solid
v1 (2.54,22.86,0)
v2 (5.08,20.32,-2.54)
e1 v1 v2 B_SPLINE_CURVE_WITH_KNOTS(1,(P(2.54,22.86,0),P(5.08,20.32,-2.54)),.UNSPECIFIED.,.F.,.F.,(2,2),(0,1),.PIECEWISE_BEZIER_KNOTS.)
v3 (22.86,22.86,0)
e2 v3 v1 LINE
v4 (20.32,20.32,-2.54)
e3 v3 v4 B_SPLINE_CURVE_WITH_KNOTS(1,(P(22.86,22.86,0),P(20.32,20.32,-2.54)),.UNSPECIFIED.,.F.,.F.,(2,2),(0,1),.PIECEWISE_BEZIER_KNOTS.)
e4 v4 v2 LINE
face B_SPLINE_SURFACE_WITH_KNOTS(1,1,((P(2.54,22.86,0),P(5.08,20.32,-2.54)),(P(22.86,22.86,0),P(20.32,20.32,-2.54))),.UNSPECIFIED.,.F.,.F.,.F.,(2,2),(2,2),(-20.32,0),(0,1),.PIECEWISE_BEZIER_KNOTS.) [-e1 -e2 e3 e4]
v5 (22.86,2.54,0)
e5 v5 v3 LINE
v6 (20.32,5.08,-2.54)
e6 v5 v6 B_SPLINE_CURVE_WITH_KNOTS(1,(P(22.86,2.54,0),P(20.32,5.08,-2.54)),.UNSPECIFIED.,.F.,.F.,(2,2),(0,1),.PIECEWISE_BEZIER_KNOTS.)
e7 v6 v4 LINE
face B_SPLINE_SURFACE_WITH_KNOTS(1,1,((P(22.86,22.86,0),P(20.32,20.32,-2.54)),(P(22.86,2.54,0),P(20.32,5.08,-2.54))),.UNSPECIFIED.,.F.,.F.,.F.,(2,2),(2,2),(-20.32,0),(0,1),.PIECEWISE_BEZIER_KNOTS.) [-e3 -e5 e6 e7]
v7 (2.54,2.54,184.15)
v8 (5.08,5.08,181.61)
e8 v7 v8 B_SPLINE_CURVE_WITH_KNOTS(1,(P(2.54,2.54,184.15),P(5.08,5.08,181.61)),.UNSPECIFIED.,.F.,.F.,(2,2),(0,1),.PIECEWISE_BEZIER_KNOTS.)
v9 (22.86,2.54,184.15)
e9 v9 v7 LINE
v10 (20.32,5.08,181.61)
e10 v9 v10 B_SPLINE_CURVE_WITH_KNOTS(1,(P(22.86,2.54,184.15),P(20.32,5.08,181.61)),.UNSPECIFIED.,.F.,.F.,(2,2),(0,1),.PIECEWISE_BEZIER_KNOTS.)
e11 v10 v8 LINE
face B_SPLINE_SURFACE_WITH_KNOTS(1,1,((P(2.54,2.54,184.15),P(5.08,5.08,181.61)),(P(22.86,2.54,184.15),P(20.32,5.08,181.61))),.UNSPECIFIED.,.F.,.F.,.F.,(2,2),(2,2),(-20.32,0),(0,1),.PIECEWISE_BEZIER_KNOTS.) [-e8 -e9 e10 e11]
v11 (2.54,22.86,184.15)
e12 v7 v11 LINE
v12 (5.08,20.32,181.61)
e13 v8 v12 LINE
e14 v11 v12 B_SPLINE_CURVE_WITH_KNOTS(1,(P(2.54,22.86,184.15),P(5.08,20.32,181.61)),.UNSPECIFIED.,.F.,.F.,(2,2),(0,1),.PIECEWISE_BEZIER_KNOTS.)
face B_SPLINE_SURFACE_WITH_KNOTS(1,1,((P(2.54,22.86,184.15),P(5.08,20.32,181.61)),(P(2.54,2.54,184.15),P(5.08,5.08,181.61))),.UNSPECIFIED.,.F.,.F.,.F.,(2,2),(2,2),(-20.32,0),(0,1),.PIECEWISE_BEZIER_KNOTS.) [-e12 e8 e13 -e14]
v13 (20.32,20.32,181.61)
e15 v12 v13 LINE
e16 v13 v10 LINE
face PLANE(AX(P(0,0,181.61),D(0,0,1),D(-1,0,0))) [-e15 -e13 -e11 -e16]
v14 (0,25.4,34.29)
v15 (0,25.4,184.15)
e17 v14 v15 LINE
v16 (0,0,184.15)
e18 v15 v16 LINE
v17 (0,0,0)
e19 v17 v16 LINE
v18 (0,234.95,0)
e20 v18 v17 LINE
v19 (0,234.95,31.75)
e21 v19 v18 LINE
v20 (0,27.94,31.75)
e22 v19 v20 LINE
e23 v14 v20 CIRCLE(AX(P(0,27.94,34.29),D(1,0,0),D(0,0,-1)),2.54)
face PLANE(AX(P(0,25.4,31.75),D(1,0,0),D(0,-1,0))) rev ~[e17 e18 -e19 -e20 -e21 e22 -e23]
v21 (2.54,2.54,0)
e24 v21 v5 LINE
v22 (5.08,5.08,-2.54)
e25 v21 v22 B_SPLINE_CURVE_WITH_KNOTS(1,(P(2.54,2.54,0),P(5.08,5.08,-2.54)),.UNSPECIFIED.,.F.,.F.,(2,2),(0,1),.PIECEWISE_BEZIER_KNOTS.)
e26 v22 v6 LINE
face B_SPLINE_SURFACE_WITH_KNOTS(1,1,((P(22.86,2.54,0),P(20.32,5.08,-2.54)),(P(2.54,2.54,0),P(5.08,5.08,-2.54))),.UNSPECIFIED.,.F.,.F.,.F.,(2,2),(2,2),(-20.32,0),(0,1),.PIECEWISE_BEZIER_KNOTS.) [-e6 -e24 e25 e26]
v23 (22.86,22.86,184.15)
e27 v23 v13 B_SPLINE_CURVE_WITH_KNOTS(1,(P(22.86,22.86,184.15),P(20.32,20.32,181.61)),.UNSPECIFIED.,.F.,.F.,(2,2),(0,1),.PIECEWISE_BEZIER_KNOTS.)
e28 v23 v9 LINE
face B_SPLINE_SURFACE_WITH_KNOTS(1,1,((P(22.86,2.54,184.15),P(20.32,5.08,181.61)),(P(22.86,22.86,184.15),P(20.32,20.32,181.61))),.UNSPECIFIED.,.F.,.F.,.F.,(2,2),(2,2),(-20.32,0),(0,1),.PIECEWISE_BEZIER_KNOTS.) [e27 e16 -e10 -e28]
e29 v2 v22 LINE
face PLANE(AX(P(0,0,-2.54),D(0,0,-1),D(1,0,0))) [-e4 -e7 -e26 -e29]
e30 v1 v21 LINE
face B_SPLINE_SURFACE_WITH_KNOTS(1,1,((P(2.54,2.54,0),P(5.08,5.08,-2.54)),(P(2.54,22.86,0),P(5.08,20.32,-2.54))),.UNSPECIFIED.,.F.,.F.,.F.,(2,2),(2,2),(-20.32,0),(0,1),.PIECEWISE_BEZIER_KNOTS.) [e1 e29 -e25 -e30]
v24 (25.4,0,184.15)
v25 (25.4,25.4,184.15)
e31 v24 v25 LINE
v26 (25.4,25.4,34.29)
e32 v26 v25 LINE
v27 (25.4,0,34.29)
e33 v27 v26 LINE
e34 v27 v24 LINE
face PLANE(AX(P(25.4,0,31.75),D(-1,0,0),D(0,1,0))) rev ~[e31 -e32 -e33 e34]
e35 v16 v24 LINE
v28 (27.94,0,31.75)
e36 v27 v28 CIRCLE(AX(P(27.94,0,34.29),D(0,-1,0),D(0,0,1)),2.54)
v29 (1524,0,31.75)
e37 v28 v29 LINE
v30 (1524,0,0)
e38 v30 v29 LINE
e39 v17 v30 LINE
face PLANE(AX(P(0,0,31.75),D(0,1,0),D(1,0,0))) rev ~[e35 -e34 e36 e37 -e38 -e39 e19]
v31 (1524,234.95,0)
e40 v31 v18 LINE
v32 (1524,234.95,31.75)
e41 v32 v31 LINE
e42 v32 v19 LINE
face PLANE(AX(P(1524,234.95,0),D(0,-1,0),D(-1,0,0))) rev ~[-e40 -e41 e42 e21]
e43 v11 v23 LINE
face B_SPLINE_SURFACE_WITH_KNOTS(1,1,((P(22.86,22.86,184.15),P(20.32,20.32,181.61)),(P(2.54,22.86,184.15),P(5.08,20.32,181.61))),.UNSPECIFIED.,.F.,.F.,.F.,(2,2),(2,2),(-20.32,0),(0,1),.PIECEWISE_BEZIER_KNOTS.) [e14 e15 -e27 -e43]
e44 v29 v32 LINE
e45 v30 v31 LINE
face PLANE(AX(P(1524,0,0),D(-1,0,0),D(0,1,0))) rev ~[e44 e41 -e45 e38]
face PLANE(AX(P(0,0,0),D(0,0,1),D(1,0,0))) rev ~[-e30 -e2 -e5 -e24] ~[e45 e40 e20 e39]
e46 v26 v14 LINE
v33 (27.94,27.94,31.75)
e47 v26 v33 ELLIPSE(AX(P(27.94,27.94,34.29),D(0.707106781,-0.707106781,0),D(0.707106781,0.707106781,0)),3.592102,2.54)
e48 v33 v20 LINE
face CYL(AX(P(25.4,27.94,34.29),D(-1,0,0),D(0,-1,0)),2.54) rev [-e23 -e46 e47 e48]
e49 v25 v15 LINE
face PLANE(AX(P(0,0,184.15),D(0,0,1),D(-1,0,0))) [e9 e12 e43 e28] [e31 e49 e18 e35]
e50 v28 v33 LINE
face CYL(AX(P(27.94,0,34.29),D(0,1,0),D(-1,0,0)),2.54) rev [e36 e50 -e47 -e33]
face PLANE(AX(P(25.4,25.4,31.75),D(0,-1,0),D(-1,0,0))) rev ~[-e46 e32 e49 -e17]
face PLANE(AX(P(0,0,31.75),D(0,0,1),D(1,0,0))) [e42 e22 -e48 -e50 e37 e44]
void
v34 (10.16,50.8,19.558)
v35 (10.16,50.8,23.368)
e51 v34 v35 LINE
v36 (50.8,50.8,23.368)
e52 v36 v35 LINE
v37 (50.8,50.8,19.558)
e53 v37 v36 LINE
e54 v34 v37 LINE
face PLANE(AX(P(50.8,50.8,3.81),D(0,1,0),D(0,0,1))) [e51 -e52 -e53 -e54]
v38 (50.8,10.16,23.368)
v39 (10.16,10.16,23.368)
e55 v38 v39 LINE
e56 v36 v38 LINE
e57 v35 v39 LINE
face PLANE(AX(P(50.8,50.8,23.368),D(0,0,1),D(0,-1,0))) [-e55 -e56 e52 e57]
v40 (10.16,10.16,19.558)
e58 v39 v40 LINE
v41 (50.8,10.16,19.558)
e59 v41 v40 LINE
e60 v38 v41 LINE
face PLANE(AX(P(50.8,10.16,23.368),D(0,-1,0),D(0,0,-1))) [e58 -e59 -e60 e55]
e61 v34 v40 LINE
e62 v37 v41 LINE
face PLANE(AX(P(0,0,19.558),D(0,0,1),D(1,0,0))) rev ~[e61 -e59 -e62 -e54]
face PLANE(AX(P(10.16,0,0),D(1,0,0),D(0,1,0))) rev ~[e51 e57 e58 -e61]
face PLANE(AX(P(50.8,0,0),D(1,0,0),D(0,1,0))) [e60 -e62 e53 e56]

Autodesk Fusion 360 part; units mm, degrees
sketch "Sketch1" plane through (0, 0, 0) normal (0, 0, 1) x (1, 0, 0)
  line L0 (0, 0) -> (50.8, 0)
  line L1 (50.8, 0) -> (50.8, 50.8)
  line L2 (50.8, 50.8) -> (0, 50.8)
  line L3 (0, 50.8) -> (0, 0)
  dimension "d1" = 50.8
  dimension "d2" = 50.8
extrude "Extrude1" add sketch "Sketch1" along normal blind 31.75
sketch "Sketch2" plane through (50.8, 0, 0) normal (1, 0, 0) x (0, 1, 0)
  line L0 (0, 0) -> (50.8, 0)
  line L1 (50.8, 0) -> (50.8, 31.75)
  line L2 (50.8, 31.75) -> (0, 31.75)
  line L3 (0, 31.75) -> (0, 0)
  line L4 (50.8, 23.368) -> (10.16, 23.368)
  line L5 (10.16, 23.368) -> (10.16, 3.81)
  line L6 (10.16, 3.81) -> (50.8, 3.81)
  line L7 (50.8, 3.81) -> (50.8, 23.368)
  dimension "d5" = 40.64
  dimension "d6" = 19.558
  dimension "d14" = 3.81
extrude "Extrude2" cut sketch "Sketch2" against normal blind 40.64 contours L1 L4 L5 L6 L7
sketch "Sketch3" plane through (0, 0, 31.75) normal (0, 0, 1) x (-1, 0, 0)
  line L0 (0, -50.8) -> (0, 0)
  line L1 (0, 0) -> (-50.8, 0)
  line L2 (-50.8, 0) -> (-50.8, -50.8)
  line L3 (-50.8, -50.8) -> (0, -50.8)
  line L4 (0, 0) -> (-25.4, 0)
  line L5 (-25.4, 0) -> (-25.4, -25.4)
  line L6 (-25.4, -25.4) -> (0, -25.4)
  line L7 (0, -25.4) -> (0, 0)
  dimension "d10" = 25.4
  dimension "d11" = 25.4
extrude "Extrude3" add sketch "Sketch3" along normal blind 152.4 contours L0 L1 L4 L5 L6 L7
fillet "Fillet1" radius 2.54 2 edges at (25.4, 12.7, 31.75) (12.7, 25.4, 31.75)
sketch "Sketch4" plane through (0, 0, 0) normal (0, 0, -1) x (1, 0, 0)
  line L0 (0, 0) -> (0, -50.8)
  line L1 (0, -50.8) -> (50.8, -50.8)
  line L2 (50.8, -50.8) -> (50.8, 0)
  line L3 (50.8, 0) -> (0, 0)
  line L4 (2.54, -2.54) -> (22.86, -2.54)
  line L5 (22.86, -2.54) -> (22.86, -22.86)
  line L6 (22.86, -22.86) -> (2.54, -22.86)
  line L7 (2.54, -22.86) -> (2.54, -2.54)
  dimension "d17" = 2.54
  dimension "d18" = 2.54
  dimension "d19" = 20.32
  dimension "d20" = 20.32
sketch "Sketch5" plane through (0, 0, 0) normal (0, 0, -1) x (1, 0, 0)
  line L0 (5.08, -5.08) -> (20.32, -5.08)
  line L1 (20.32, -5.08) -> (20.32, -20.32)
  line L2 (20.32, -20.32) -> (5.08, -20.32)
  line L3 (5.08, -20.32) -> (5.08, -5.08)
  line L4 (2.54, -2.54) -> (22.86, -2.54)
  line L5 (2.54, -22.86) -> (2.54, -2.54)
  dimension "d21" = 2.54
  dimension "d22" = 2.54
  dimension "d23" = 15.24
  dimension "d24" = 15.24
extrude "Extrude4" add sketch "Sketch5" along normal blind 2.54
loft "Loft1" add profiles "Sketch4" section 1 contours L4 L5 L6 L7 section 2 face at (10.16, 15.24, -2.54)
sketch "Sketch6" plane through (0, 0, 184.15) normal (0, 0, 1) x (-1, 0, 0)
  line L0 (0, -25.4) -> (0, 0)
  line L1 (0, 0) -> (-25.4, 0)
  line L2 (-25.4, 0) -> (-25.4, -25.4)
  line L3 (-25.4, -25.4) -> (0, -25.4)
  line L4 (-2.54, -22.86) -> (-22.86, -22.86)
  line L5 (-22.86, -22.86) -> (-22.86, -2.54)
  line L6 (-22.86, -2.54) -> (-2.54, -2.54)
  line L7 (-2.54, -2.54) -> (-2.54, -22.86)
  line L8 (-5.08, -20.32) -> (-20.32, -20.32)
  line L9 (-20.32, -20.32) -> (-20.32, -5.08)
  line L10 (-20.32, -5.08) -> (-5.08, -5.08)
  line L11 (-5.08, -5.08) -> (-5.08, -20.32)
  dimension "d27" = 2.54
  dimension "d28" = 2.54
  dimension "d29" = 2.54
  dimension "d30" = 20.32
  dimension "d31" = 2.54
  dimension "d32" = 15.24
  dimension "d33" = 15.24
  dimension "d34" = 2.54
extrude "Extrude5" cut sketch "Sketch6" against normal blind 2.54 contours L8 L9 L10 L11
loft "Loft2" cut profiles "Sketch6" section 1 contours L4 L5 L6 L7 section 2 face at (15.24, 15.24, 181.61)

Autodesk Fusion 360 part; units mm, degrees
sketch "Sketch1" plane through (0, 0, 0) normal (0, 0, 1) x (1, 0, 0)
  line L0 (0, 0) -> (1524, 0)
  line L1 (1524, 0) -> (1524, 234.95)
  line L2 (1524, 234.95) -> (0, 234.95)
  line L3 (0, 234.95) -> (0, 0)
  dimension "d1" = 234.95
  dimension "d2" = 1524
extrude "Extrude1" add sketch "Sketch1" along normal blind 19.558
